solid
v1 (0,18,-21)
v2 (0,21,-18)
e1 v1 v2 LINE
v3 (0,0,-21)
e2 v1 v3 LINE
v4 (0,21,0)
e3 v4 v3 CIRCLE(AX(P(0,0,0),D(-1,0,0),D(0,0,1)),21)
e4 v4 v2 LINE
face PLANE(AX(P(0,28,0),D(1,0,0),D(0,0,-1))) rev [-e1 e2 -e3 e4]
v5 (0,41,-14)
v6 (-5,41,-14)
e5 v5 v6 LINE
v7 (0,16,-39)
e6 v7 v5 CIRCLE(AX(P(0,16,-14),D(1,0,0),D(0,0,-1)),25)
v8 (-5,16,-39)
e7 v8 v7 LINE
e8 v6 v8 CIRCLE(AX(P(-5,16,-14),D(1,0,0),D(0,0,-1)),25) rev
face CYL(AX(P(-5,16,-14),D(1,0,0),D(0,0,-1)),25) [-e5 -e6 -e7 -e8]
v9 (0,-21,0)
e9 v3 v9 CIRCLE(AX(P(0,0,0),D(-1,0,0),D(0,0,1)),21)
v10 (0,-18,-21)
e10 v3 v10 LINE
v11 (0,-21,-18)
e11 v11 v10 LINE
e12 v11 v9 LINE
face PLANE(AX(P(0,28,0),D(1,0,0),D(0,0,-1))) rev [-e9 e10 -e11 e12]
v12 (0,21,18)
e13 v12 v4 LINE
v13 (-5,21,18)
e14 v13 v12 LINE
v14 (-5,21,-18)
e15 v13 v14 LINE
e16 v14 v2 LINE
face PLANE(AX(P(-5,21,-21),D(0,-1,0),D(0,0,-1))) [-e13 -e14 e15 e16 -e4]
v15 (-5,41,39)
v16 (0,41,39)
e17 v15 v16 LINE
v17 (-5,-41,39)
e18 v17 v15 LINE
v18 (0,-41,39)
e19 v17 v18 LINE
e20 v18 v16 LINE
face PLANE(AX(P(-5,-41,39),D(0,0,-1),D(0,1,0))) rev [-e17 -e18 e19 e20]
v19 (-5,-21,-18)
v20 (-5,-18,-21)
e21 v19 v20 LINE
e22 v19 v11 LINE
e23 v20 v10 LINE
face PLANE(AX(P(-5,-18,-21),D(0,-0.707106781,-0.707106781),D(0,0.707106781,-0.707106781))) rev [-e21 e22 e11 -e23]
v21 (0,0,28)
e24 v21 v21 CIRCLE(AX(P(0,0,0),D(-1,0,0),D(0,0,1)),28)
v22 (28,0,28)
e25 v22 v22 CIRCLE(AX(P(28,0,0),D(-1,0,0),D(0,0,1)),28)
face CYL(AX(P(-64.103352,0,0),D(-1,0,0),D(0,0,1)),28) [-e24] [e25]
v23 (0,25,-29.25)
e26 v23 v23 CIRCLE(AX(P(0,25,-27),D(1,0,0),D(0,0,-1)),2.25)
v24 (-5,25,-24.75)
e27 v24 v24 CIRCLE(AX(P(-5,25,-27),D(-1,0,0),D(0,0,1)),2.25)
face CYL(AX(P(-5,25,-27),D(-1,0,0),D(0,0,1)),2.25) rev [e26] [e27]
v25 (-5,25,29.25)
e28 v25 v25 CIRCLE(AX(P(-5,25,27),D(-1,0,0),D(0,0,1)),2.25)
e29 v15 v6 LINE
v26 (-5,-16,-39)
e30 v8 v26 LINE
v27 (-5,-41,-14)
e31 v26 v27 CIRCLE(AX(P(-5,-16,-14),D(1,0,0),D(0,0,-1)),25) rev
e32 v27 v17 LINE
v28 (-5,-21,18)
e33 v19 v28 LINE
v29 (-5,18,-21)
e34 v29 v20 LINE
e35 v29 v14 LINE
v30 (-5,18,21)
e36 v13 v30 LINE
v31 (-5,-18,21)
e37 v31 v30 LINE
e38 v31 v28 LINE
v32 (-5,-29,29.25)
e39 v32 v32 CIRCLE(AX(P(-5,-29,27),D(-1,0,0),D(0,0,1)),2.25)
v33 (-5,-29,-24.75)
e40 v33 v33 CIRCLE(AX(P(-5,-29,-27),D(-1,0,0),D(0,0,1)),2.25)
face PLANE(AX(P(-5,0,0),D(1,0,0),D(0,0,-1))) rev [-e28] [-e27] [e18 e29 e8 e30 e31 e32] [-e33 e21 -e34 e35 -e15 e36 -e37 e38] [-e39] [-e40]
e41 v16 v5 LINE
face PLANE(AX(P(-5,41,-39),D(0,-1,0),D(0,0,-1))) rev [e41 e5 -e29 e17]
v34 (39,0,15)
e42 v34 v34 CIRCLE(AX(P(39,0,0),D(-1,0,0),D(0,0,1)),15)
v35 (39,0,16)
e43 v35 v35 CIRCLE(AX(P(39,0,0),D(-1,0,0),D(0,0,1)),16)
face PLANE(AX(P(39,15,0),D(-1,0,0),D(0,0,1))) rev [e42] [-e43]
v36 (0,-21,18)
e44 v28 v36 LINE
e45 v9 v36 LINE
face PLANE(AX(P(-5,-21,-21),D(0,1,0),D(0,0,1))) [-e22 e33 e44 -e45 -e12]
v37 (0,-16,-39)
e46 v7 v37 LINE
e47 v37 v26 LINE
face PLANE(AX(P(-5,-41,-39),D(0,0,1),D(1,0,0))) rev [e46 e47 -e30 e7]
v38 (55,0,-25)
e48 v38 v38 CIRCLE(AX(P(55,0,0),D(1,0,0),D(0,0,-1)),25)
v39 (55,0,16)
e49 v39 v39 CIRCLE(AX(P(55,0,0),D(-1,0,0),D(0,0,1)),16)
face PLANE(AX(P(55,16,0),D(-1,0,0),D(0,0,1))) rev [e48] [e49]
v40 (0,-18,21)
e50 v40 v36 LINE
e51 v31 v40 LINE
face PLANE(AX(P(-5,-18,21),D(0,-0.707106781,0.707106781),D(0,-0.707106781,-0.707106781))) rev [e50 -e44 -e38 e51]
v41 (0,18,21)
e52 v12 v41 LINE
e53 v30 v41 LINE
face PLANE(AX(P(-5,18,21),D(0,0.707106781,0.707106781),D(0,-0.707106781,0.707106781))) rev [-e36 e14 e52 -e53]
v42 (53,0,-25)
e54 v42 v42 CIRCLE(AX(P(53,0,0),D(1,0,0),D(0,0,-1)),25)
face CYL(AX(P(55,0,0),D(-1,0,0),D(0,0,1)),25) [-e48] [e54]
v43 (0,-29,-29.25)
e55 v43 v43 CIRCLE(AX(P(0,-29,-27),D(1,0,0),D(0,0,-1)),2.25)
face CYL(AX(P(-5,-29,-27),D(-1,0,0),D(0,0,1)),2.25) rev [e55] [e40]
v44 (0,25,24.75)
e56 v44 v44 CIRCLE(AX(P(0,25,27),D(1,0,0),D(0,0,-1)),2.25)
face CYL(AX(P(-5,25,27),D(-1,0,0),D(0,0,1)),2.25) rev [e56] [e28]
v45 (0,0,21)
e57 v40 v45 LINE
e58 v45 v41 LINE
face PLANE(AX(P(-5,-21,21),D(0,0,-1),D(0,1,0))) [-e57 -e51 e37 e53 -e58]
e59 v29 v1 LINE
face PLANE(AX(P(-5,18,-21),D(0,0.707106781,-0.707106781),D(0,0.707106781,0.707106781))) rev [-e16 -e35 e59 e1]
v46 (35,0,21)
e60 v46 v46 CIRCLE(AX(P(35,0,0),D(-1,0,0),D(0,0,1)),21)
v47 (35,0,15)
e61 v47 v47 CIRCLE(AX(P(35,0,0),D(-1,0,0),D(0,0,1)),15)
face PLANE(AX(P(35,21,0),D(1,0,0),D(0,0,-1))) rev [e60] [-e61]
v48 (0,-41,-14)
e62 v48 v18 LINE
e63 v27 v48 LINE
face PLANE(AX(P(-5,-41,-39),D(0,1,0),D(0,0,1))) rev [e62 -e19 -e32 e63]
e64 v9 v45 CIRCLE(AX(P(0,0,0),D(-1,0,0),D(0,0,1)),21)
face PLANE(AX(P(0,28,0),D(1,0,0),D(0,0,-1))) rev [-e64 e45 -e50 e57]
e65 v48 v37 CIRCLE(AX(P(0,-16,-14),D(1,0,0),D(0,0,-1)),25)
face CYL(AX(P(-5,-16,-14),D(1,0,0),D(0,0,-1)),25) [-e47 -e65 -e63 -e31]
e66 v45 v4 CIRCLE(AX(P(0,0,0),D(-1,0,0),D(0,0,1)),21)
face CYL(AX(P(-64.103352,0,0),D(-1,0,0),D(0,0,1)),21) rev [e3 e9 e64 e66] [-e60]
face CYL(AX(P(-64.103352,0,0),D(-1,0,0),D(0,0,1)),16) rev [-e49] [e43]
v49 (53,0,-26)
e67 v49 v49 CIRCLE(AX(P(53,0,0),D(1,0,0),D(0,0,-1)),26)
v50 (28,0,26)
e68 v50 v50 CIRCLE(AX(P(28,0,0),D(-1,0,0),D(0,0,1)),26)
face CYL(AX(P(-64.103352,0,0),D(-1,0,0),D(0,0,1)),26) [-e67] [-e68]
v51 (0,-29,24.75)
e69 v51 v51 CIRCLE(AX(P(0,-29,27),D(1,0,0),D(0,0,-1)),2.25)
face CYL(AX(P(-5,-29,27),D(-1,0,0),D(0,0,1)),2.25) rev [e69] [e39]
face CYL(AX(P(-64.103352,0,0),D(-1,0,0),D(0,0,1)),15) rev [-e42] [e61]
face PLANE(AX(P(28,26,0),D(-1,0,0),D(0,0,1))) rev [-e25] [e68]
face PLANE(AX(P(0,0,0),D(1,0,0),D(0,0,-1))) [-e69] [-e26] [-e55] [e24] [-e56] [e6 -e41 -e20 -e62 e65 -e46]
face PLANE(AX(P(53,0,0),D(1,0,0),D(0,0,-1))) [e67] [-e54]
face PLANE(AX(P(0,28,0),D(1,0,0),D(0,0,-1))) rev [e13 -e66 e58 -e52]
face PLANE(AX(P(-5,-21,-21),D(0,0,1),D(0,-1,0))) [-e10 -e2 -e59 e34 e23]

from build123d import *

# Parameters (mm, degrees)
SKETCH3_R                = 27.5
SKETCH3_R_2              = 25
CUT_EXTRUDE1_DEPTH       = 2
SKETCH4_W                = 78
SKETCH4_H                = 82
SKETCH4_W_2              = 42
SKETCH4_H_2              = 42
BOSS_EXTRUDE1_DEPTH      = 5
M4_CLEARANCE_HOLE1_D     = 4.5
M4_CLEARANCE_HOLE1_DEPTH = 5
BOSS_EXTRUDE4_DEPTH      = 5
FILLET1_R                = 25


with BuildPart() as part:
    # Sketch2 → Revolve1 (revolve)
    with BuildSketch(Plane.XY):
        Polygon((0, 21), (35, 21), (35, 15), (39, 15), (39, 16), (55, 16), (55, 26), (28, 26), (28, 28), (0, 28), align=None)
    revolve(axis=Axis((-64.103352454, 0, 0), (1, 0, 0)))

    # Sketch3 → Cut-Extrude1 (cut)
    with BuildSketch(Plane(origin=(53, 0, 0), x_dir=(0, 0, -1), z_dir=(1, 0, 0))):
        Circle(SKETCH3_R)
        Circle(SKETCH3_R_2, mode=Mode.SUBTRACT)
    extrude(amount=CUT_EXTRUDE1_DEPTH, mode=Mode.SUBTRACT)

    # Sketch4 → Boss-Extrude1 (add)
    with BuildSketch(Plane.ZY):
        Rectangle(SKETCH4_W, SKETCH4_H)
        Rectangle(SKETCH4_W_2, SKETCH4_H_2, mode=Mode.SUBTRACT)
    extrude(amount=BOSS_EXTRUDE1_DEPTH)

    # M4 Clearance Hole1
    with Locations(Plane.ZY.offset(5)):
        with Locations((-27, 25), (27, 25), (27, -29), (-27, -29)):
            Hole(M4_CLEARANCE_HOLE1_D / 2, depth=M4_CLEARANCE_HOLE1_DEPTH)

    # Sketch11 → Boss-Extrude4 (add)
    with BuildSketch(Plane.ZY):
        Polygon((-21, 18), (-18, 21), (-21, 21), align=None)
        Polygon((21, 21), (21, 18), (18, 21), align=None)
        Polygon((21, -21), (21, -18), (18, -21), align=None)
        Polygon((-21, -21), (-21, -18), (-18, -21), align=None)
    extrude(amount=BOSS_EXTRUDE4_DEPTH)

    # Fillet1
    fillet1_edges = [part.edges().sort_by_distance(p)[0] for p in [
        (-2.5, 41, -39),
        (-2.5, -41, -39),
    ]]
    fillet(fillet1_edges, radius=FILLET1_R)


solid = part.part
